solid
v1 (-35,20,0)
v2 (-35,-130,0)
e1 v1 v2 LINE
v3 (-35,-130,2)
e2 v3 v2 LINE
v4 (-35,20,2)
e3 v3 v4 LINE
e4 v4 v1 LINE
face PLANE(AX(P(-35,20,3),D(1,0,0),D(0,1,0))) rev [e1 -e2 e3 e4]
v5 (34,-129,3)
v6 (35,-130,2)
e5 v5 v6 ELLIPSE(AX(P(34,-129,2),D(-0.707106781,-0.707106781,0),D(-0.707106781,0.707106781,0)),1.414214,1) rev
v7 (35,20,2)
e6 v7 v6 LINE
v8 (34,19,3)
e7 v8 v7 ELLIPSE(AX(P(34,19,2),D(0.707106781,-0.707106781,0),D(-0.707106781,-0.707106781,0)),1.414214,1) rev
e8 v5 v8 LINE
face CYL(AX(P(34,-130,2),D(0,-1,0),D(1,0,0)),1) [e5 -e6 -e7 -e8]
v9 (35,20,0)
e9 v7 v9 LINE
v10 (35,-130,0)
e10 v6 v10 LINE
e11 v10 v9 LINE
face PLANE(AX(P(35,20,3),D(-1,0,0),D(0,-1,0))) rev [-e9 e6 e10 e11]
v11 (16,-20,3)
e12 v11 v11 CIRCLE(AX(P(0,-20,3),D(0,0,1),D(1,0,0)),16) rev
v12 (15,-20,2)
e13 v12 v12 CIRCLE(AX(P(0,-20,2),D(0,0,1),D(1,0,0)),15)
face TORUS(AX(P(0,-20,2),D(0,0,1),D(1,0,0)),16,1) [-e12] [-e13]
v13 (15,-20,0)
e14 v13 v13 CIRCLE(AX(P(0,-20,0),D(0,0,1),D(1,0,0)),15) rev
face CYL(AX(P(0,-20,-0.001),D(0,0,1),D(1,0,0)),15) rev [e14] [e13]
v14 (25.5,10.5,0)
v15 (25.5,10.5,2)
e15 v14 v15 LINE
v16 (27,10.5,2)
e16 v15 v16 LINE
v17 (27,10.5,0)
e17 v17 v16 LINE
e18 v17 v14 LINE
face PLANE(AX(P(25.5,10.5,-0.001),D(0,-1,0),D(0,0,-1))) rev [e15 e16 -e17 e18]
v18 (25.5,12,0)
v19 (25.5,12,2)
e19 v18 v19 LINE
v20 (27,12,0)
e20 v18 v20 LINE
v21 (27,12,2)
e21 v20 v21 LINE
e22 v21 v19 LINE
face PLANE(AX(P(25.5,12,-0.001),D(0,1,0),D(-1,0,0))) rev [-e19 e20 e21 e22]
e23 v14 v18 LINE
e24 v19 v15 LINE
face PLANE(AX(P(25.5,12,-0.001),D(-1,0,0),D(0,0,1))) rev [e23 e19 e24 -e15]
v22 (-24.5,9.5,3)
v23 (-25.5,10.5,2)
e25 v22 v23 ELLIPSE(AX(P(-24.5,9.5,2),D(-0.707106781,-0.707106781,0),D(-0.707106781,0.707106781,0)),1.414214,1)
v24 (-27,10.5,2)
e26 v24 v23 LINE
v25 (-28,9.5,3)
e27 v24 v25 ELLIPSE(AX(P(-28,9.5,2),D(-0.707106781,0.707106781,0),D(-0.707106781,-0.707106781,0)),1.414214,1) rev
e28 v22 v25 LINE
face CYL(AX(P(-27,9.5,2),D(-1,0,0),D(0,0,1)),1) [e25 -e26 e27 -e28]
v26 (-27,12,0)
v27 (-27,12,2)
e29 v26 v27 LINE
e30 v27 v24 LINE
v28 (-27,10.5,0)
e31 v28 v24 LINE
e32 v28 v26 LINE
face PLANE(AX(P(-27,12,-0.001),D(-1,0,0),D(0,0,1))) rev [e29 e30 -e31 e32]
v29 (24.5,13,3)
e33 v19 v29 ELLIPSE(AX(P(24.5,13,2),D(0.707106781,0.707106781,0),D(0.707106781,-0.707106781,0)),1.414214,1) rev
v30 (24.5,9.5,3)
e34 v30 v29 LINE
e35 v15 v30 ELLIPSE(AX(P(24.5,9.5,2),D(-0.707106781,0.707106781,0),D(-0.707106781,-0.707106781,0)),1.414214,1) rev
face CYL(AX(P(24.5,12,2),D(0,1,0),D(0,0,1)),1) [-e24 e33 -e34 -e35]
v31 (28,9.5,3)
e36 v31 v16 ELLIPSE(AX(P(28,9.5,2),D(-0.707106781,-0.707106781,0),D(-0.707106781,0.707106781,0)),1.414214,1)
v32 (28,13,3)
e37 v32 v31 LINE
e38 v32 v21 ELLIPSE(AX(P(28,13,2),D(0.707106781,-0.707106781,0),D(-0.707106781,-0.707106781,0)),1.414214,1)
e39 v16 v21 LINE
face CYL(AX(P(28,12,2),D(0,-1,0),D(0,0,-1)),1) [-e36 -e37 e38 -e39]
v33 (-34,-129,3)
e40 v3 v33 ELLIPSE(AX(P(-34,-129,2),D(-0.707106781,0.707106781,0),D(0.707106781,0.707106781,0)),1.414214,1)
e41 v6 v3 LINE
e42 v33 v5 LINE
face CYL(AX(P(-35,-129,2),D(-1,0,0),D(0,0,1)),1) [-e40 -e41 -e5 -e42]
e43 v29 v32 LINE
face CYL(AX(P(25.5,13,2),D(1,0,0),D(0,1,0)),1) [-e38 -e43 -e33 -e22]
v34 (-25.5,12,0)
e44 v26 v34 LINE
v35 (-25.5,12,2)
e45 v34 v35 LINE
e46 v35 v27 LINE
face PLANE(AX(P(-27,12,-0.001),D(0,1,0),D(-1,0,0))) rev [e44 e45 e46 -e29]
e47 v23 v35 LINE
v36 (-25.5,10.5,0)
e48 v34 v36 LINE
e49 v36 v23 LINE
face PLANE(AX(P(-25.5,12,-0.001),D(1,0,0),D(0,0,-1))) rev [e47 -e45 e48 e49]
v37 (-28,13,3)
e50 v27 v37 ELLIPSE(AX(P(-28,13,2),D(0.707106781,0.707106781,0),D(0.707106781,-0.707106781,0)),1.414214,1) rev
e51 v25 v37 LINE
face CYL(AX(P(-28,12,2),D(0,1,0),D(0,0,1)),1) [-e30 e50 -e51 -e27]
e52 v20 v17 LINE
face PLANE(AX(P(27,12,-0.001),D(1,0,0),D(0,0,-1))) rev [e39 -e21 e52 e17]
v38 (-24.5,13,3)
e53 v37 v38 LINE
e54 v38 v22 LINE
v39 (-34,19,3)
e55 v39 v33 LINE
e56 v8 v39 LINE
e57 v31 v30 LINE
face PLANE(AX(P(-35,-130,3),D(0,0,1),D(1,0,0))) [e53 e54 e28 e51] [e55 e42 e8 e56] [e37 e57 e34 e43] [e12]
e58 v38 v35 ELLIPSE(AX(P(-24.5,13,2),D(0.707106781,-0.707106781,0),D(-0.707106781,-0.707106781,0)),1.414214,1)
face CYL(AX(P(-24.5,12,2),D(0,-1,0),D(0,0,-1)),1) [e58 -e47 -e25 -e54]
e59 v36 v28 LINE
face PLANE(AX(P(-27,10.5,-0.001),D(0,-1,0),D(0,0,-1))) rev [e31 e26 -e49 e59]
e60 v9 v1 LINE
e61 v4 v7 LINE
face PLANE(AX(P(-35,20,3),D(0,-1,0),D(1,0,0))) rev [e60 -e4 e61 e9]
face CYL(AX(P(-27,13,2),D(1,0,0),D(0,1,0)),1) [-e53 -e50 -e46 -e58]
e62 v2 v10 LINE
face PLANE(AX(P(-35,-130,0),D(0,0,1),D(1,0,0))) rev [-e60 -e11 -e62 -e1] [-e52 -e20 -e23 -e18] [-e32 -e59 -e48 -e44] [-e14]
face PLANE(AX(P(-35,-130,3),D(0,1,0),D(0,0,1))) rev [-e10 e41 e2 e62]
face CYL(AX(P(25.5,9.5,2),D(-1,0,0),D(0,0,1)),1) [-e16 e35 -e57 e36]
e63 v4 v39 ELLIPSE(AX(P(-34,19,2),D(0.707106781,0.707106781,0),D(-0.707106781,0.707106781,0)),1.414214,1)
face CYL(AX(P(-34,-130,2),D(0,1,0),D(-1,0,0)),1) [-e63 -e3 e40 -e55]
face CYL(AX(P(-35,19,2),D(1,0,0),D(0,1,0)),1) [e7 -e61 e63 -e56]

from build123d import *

# Parameters (mm, degrees)
SKETCH1_W      = 70
SKETCH1_H      = 150
EXTRUDE1_DEPTH = 3
EXTRUDE2_REACH = 5
SKETCH2_R      = 15
EXTRUDE3_REACH = 5
SKETCH4_W      = 1.5
SKETCH4_H      = 1.5
FILLET1_R      = 1


with BuildPart() as part:
    # Sketch1 → Extrude1 (new body)
    with BuildSketch(Plane.XY):
        with Locations((0, -55)):
            Rectangle(SKETCH1_W, SKETCH1_H)
    extrude(amount=EXTRUDE1_DEPTH)

    # Sketch2 → Extrude2 (cut, up to next)
    with BuildSketch(Plane.XY.offset(3), mode=Mode.PRIVATE) as extrude2_sk1:
        with Locations((0, -20)):
            Circle(SKETCH2_R)
    extrude2_tool1 = extrude(extrude2_sk1.sketch, amount=-EXTRUDE2_REACH, mode=Mode.PRIVATE) & part.part
    add(extrude2_tool1.solids().sort_by_distance((0, -20, 3))[0], mode=Mode.SUBTRACT)

    # Sketch4 → Extrude3 (cut, up to next)
    with BuildSketch(Plane.XY.offset(3), mode=Mode.PRIVATE) as extrude3_sk1:
        with Locations((-26.25, 11.25)):
            Rectangle(SKETCH4_W, SKETCH4_H)
    extrude3_tool1 = extrude(extrude3_sk1.sketch, amount=-EXTRUDE3_REACH, mode=Mode.PRIVATE) & part.part
    add(extrude3_tool1.solids().sort_by_distance((-26.25, 11.25, 3))[0], mode=Mode.SUBTRACT)
    # Sketch4 → Extrude3 (cut, up to next)
    with BuildSketch(Plane.XY.offset(3), mode=Mode.PRIVATE) as extrude3_sk2:
        with Locations((26.25, 11.25)):
            Rectangle(SKETCH4_W, SKETCH4_H)
    extrude3_tool2 = extrude(extrude3_sk2.sketch, amount=-EXTRUDE3_REACH, mode=Mode.PRIVATE) & part.part
    add(extrude3_tool2.solids().sort_by_distance((26.25, 11.25, 3))[0], mode=Mode.SUBTRACT)

    # Fillet1
    fillet1_edges = [part.edges().sort_by_distance(p)[0] for p in [
        (35, -55, 3),
        (0, 20, 3),
        (-15, -20, 3),
        (-27, 11.25, 3),
        (-26.25, 10.5, 3),
        (-25.5, 11.25, 3),
        (-26.25, 12, 3),
        (25.5, 11.25, 3),
        (26.25, 10.5, 3),
        (27, 11.25, 3),
        (26.25, 12, 3),
        (-35, -55, 3),
        (0, -130, 3),
    ]]
    fillet(fillet1_edges, radius=FILLET1_R)


solid = part.part
